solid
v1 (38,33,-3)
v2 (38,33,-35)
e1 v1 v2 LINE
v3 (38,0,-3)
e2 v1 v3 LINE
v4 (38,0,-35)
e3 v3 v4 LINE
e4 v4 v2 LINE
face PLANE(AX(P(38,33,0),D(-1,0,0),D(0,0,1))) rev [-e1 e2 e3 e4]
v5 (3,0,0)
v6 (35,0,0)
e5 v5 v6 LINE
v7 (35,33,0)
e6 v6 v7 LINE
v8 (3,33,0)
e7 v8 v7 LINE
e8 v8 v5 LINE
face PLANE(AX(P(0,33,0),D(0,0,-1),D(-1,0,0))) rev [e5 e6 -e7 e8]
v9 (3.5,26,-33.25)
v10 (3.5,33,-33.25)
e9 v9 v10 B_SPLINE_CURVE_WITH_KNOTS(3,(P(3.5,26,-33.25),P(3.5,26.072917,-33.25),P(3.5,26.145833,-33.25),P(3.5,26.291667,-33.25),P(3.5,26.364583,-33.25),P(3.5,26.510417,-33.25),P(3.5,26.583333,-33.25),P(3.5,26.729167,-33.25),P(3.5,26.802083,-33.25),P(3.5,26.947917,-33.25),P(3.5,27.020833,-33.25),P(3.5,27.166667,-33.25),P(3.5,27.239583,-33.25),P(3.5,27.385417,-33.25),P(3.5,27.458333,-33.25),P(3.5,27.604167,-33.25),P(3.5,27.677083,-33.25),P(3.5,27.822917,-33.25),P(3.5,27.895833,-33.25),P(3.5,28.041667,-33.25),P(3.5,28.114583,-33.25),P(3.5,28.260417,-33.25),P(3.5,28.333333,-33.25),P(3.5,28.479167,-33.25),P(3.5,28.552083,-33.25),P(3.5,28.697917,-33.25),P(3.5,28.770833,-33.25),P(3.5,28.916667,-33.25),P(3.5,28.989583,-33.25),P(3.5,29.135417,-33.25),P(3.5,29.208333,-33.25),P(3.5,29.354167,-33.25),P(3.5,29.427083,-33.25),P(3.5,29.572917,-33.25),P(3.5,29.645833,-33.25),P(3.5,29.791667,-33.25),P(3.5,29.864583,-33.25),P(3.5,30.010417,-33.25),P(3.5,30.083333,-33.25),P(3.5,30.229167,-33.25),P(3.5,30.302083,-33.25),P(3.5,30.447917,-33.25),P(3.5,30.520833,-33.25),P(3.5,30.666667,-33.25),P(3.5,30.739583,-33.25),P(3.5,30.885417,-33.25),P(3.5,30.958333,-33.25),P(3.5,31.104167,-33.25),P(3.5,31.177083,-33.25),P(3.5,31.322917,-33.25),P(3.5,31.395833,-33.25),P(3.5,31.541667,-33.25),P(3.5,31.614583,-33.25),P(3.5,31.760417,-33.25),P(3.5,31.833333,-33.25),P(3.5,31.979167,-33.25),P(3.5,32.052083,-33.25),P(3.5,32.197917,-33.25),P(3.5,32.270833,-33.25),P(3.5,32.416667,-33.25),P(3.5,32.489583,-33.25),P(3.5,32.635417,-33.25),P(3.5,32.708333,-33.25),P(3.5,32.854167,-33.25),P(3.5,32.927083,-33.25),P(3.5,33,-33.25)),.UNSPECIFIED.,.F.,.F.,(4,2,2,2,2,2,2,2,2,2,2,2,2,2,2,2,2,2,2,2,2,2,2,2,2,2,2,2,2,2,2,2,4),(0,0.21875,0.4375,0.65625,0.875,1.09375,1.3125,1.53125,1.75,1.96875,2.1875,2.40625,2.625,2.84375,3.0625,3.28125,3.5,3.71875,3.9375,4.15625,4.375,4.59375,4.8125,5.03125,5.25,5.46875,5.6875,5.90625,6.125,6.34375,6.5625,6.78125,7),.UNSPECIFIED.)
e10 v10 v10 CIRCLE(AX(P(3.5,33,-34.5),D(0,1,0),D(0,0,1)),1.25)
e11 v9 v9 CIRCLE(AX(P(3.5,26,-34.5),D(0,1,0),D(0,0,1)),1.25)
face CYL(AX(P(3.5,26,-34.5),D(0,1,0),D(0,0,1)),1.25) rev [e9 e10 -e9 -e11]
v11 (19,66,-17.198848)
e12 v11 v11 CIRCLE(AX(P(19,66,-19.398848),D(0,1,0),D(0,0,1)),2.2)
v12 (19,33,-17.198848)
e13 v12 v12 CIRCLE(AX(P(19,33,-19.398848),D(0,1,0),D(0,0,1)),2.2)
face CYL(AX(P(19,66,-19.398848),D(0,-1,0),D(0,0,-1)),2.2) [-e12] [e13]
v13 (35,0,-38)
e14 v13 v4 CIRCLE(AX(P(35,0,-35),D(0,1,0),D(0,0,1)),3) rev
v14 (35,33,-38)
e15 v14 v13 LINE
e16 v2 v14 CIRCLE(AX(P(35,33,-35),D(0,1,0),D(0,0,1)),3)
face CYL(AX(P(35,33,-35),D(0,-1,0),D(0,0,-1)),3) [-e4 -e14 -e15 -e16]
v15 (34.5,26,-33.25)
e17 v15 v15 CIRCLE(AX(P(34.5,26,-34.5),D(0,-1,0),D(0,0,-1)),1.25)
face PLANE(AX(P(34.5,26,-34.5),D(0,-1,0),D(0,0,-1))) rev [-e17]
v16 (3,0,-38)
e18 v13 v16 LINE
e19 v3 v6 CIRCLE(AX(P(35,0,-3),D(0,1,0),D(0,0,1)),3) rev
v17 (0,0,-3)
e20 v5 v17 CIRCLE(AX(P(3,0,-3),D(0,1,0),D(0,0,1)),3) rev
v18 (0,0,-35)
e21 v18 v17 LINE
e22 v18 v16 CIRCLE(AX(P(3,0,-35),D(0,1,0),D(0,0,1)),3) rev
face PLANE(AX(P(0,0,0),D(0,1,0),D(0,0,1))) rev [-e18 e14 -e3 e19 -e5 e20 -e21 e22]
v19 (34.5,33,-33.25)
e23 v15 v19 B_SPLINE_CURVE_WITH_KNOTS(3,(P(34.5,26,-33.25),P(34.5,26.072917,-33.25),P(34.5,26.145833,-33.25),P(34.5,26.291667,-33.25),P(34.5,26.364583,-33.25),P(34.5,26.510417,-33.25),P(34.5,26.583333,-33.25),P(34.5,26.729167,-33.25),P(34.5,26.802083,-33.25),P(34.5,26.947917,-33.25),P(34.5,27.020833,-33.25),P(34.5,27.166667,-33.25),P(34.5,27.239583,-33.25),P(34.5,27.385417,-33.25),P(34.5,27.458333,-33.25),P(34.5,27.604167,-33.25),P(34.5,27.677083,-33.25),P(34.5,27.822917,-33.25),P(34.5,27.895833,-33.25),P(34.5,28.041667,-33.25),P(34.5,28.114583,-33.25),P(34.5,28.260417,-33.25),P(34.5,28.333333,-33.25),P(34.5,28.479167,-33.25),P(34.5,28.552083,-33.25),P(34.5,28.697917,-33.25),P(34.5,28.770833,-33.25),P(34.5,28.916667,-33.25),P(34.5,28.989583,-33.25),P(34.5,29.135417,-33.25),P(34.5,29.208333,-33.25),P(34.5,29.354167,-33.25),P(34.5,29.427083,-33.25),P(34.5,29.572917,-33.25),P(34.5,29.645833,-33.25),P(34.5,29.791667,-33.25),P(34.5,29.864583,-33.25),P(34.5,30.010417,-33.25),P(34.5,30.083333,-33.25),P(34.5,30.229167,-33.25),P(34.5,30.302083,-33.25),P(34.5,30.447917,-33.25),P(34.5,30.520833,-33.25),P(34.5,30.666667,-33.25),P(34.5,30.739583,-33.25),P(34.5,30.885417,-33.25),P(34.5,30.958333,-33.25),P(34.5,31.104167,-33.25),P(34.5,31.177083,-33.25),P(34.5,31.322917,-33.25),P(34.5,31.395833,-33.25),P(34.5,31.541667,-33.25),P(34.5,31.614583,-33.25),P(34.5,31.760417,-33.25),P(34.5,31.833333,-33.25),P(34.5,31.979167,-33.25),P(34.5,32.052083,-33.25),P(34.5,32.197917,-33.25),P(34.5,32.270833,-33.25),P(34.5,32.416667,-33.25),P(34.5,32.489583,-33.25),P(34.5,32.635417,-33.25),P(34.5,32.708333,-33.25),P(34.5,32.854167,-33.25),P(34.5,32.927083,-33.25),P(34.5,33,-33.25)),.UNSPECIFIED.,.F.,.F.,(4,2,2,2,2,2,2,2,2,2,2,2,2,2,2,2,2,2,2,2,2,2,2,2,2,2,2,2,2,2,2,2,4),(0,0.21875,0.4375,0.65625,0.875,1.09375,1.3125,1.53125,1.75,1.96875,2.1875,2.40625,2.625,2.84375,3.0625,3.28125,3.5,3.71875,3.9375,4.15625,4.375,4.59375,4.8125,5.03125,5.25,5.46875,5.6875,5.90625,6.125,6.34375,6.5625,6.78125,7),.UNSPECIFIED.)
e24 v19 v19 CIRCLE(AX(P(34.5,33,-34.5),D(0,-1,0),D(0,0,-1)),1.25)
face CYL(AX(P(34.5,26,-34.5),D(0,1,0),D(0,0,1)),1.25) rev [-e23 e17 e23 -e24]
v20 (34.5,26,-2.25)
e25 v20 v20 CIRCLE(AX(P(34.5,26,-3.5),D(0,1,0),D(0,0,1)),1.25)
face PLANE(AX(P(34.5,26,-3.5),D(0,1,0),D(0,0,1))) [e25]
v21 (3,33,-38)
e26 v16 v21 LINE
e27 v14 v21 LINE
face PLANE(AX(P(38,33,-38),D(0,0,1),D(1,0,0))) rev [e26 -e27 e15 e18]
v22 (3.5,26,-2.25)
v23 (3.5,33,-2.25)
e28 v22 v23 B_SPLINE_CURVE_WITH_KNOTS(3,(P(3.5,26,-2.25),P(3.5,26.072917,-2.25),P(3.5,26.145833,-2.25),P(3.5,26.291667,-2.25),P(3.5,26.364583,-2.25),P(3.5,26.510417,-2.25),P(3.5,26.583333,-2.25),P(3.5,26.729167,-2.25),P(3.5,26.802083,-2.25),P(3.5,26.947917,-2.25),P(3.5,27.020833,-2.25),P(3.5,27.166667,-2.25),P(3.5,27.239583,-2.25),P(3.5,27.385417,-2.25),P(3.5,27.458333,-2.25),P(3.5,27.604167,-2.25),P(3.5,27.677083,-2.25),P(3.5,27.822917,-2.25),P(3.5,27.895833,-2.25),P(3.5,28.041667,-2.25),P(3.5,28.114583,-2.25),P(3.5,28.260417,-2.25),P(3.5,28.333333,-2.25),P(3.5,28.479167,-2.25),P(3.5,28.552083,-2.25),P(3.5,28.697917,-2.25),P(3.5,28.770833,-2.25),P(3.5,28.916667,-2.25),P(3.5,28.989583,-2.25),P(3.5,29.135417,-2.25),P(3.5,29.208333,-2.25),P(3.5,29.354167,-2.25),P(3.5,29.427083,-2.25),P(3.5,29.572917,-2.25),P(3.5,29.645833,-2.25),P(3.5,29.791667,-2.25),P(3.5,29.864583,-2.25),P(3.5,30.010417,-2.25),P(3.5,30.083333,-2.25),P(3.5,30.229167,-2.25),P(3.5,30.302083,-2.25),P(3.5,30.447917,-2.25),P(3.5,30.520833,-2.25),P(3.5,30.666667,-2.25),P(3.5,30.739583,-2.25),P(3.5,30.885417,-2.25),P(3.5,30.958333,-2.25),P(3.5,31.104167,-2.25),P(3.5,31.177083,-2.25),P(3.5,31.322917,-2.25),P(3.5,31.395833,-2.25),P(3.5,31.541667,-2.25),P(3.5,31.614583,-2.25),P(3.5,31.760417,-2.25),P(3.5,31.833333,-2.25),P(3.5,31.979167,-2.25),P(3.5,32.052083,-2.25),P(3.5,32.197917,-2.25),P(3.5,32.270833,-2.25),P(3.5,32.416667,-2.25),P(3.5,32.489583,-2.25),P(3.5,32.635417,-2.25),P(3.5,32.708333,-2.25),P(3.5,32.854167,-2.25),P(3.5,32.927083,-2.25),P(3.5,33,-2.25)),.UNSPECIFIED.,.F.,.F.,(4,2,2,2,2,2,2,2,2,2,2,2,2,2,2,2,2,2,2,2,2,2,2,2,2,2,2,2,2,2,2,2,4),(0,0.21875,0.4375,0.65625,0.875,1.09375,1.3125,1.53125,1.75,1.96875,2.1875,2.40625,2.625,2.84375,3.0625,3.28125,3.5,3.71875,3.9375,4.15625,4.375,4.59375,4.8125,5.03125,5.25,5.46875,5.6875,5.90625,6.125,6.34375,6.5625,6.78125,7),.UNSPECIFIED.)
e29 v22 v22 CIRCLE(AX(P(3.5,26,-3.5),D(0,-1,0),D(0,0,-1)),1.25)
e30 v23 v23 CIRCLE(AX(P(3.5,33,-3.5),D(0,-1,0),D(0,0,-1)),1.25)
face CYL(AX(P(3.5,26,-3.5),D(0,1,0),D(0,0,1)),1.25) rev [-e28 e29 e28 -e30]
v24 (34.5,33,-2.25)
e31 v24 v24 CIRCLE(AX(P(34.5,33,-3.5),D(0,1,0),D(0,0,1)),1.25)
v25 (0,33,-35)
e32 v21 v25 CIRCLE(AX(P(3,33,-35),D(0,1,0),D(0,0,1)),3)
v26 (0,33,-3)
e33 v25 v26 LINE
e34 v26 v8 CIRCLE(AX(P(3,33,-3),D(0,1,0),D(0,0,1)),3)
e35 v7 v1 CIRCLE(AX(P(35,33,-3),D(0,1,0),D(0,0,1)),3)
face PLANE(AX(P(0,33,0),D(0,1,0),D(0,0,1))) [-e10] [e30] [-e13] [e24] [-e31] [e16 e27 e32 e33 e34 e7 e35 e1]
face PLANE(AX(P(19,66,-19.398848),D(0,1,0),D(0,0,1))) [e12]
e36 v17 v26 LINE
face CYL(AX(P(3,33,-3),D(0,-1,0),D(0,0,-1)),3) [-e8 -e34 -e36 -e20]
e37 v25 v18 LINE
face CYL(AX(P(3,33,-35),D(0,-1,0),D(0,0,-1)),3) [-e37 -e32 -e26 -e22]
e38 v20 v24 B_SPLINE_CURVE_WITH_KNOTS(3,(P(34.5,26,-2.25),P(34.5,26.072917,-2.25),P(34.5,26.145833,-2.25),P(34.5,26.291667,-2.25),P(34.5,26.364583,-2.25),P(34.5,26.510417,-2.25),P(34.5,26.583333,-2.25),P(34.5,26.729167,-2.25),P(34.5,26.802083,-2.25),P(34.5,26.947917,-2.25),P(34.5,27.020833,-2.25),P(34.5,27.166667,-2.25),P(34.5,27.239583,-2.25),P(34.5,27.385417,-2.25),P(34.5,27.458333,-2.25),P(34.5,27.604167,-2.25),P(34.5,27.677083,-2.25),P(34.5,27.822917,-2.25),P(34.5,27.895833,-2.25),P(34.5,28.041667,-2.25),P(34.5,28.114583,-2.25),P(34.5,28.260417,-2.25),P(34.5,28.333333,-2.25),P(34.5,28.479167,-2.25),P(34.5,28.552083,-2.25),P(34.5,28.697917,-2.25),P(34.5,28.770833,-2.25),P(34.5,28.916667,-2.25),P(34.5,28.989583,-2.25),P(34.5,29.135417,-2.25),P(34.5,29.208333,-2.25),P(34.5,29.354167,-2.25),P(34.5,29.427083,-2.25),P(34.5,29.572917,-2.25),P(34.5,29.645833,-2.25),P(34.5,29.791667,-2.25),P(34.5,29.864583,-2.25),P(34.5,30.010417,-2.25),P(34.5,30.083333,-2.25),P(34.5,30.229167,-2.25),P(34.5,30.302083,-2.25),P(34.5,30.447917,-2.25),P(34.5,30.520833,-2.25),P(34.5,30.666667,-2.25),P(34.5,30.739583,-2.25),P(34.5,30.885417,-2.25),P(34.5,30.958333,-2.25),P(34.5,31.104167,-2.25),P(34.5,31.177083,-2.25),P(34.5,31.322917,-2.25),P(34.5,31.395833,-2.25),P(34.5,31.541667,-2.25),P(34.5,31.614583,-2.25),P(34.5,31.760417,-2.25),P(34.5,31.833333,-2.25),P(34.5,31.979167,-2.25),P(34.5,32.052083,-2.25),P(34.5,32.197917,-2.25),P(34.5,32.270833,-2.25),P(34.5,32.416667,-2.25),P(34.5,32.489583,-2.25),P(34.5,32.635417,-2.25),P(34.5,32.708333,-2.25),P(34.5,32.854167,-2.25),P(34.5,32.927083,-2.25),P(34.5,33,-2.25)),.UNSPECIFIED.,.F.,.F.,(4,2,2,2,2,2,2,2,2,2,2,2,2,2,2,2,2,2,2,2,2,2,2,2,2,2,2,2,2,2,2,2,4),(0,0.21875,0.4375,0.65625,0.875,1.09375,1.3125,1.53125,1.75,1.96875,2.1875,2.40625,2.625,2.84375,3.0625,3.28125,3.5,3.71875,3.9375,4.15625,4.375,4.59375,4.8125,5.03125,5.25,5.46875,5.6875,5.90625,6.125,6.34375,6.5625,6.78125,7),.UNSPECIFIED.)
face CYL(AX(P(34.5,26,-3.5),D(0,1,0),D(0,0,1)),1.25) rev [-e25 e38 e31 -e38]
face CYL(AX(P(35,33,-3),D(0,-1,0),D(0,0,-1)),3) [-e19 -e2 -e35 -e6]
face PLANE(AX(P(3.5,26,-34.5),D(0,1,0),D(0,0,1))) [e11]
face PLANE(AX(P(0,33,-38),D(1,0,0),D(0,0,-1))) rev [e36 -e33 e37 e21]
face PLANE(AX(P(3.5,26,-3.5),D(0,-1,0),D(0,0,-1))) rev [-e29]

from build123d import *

# Parameters (mm, degrees)
SKETCH1_W           = 38
SKETCH1_H           = 38
BOSS_EXTRUDE1_DEPTH = 33
SKETCH2_R           = 2.2
BOSS_EXTRUDE2_DEPTH = 33
FILLET1_R           = 3
SKETCH3_R           = 1.25
CUT_EXTRUDE1_DEPTH  = 7


with BuildPart() as part:
    # Sketch1 → Boss-Extrude1 (new body)
    with BuildSketch(Plane(origin=(0, 0, 0), x_dir=(1, 0, 0), z_dir=(0, 1, 0))):
        with Locations((19, 19)):
            Rectangle(SKETCH1_W, SKETCH1_H)
    extrude(amount=BOSS_EXTRUDE1_DEPTH)

    # Sketch2 → Boss-Extrude2 (add)
    with BuildSketch(Plane(origin=(0, 33, 0), x_dir=(1, 0, 0), z_dir=(0, 1, 0))):
        with Locations(Location((19, 19.398847775, 0), (0, 0, 270))):
            Circle(SKETCH2_R)
    extrude(amount=BOSS_EXTRUDE2_DEPTH)

    # Fillet1
    fillet1_edges = [part.edges().sort_by_distance(p)[0] for p in [
        (38, 16.5, -38),
        (38, 16.5, 0),
        (0, 16.5, 0),
        (0, 16.5, -38),
    ]]
    fillet(fillet1_edges, radius=FILLET1_R)

    # Sketch3 → Cut-Extrude1 (cut)
    with BuildSketch(Plane(origin=(0, 33, 0), x_dir=(1, 0, 0), z_dir=(0, 1, 0))):
        with Locations(Location((3.5, 34.5, 0), (0, 0, 270))):
            Circle(SKETCH3_R)
        with Locations(Location((3.5, 3.5, 0), (0, 0, 270))):
            Circle(SKETCH3_R)
        with Locations(Location((34.5, 3.5, 0), (0, 0, 270))):
            Circle(SKETCH3_R)
        with Locations(Location((34.5, 34.5, 0), (0, 0, 270))):
            Circle(SKETCH3_R)
    extrude(amount=-CUT_EXTRUDE1_DEPTH, mode=Mode.SUBTRACT)


solid = part.part
